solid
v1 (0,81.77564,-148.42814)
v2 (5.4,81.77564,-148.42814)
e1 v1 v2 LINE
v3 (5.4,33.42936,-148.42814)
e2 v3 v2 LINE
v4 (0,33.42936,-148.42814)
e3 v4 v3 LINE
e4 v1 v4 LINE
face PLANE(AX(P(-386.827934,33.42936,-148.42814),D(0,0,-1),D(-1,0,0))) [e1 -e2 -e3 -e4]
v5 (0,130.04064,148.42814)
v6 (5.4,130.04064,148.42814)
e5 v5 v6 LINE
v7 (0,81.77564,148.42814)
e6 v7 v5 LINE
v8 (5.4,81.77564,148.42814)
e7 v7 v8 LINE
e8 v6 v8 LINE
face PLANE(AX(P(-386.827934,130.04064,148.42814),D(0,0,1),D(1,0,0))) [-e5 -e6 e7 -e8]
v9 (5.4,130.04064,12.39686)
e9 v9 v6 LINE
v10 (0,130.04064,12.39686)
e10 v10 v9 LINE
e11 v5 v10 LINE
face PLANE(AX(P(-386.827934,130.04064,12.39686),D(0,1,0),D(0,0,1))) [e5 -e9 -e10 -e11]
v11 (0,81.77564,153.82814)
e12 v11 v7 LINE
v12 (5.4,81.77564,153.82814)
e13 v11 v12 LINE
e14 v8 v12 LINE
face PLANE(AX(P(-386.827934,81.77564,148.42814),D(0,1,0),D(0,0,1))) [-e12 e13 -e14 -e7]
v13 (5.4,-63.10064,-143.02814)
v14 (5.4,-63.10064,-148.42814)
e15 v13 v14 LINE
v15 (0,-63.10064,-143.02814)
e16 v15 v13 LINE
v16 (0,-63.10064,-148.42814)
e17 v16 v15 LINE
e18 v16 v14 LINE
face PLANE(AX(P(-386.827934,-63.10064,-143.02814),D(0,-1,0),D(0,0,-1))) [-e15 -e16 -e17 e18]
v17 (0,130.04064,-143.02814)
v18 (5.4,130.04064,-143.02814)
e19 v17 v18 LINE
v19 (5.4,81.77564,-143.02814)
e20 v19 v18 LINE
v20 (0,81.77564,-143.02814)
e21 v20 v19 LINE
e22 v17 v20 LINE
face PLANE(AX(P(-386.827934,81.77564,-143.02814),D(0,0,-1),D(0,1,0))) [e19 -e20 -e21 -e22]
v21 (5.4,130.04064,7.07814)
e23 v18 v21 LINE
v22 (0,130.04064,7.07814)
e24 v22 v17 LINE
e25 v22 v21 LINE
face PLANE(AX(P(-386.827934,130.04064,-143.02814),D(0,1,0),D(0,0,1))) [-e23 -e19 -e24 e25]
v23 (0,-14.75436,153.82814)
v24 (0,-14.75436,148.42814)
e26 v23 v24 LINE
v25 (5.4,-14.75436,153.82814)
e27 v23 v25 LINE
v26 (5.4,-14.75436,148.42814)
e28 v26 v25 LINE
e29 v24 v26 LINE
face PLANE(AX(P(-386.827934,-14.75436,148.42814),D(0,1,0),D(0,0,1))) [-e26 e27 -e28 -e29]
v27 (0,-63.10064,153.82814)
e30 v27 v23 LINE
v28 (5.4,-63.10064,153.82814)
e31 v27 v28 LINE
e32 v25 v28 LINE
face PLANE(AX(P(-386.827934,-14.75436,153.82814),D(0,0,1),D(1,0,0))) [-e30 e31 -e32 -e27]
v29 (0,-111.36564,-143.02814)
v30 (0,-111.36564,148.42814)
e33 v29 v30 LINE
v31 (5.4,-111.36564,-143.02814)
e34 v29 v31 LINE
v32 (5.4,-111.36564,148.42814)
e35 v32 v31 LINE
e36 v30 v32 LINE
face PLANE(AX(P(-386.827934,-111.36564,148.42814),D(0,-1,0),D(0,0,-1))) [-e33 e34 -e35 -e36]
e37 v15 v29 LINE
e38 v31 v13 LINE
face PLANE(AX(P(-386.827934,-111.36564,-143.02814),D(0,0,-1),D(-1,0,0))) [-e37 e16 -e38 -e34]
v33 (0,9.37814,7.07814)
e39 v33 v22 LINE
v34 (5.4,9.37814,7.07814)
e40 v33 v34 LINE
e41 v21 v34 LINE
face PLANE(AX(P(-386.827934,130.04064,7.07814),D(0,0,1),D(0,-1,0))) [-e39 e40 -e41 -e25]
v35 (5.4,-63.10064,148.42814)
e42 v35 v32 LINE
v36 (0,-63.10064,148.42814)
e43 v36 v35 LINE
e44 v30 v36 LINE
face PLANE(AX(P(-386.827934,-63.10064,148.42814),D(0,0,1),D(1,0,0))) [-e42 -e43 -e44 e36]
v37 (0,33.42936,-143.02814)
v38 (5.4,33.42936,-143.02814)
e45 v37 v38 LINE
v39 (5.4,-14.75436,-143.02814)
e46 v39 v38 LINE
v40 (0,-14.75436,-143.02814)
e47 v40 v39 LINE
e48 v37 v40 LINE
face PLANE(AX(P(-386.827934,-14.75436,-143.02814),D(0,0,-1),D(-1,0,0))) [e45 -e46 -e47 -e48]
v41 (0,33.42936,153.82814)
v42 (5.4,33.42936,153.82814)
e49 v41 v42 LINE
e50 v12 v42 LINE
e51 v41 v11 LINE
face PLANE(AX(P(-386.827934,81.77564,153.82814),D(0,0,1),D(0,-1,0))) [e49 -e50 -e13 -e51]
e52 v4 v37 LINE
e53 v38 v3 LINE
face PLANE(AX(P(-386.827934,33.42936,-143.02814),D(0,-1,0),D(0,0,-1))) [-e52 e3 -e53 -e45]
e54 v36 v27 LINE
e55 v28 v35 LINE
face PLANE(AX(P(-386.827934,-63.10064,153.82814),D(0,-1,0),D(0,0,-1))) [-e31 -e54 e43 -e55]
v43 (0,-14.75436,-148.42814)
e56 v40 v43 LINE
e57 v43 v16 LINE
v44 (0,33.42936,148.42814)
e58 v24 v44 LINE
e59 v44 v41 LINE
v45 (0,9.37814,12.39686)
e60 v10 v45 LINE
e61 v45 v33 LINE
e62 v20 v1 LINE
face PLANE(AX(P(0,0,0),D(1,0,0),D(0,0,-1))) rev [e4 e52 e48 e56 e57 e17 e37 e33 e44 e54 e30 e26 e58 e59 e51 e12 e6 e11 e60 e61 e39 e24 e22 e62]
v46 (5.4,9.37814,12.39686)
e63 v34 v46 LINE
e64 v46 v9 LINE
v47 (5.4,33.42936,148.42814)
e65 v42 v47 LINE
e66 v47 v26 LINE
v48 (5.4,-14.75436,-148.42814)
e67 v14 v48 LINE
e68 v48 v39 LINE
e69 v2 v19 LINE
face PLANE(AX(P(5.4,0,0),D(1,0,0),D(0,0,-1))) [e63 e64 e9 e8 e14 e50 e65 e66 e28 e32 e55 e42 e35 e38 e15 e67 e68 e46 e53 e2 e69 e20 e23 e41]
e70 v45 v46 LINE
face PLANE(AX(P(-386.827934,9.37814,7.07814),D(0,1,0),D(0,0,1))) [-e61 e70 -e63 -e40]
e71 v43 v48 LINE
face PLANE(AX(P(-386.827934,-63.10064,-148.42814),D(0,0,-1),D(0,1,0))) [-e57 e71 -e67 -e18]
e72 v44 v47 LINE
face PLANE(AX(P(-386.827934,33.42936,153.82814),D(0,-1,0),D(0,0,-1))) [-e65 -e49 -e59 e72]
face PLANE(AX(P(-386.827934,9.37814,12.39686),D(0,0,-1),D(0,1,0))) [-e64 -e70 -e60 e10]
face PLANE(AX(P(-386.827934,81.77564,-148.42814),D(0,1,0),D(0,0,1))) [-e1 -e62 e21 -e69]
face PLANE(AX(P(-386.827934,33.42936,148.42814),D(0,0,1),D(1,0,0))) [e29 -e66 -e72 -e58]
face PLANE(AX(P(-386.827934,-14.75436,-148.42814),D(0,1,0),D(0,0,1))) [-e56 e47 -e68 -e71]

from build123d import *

# Parameters (mm, degrees)
BOSS_EXTRUDE2_DEPTH = 5.4
BOSS_EXTRUDE3_DEPTH = 5.4


with BuildPart() as part:
    # Sketch1 → Boss-Extrude2 (new body)
    with BuildSketch(Plane(origin=(0, 0, 0), x_dir=(0, 0, -1), z_dir=(1, 0, 0))):
        Polygon((142.9875, 130), (-7.0375, 130), (-7.0375, 9.3375), (-12.4375, 9.3375), (-12.4375, 130), (-148.3875, 130), (-148.3875, 81.735), (-153.7875, 81.735), (-153.7875, 33.47), (-148.3875, 33.47), (-148.3875, -14.795), (-153.7875, -14.795), (-153.7875, -63.06), (-148.3875, -63.06), (-148.3875, -111.325), (142.9875, -111.325), (142.9875, -63.06), (148.3875, -63.06), (148.3875, -14.795), (142.9875, -14.795), (142.9875, 33.47), (148.3875, 33.47), (148.3875, 81.735), (142.9875, 81.735), align=None)
    extrude(amount=BOSS_EXTRUDE2_DEPTH)

    # Sketch2 → Boss-Extrude3 (add)
    with BuildSketch(Plane(origin=(5.4, 0, 0), x_dir=(0, 0, -1), z_dir=(1, 0, 0))):
        Polygon((-148.42814, -111.36564), (143.02814, -111.36564), (143.02814, -63.10064), (148.42814, -63.10064), (148.42814, -14.75436), (143.02814, -14.75436), (143.02814, 33.42936), (148.42814, 33.42936), (148.42814, 81.77564), (143.02814, 81.77564), (143.02814, 130.04064), (-7.07814, 130.04064), (-7.07814, 9.37814), (-12.39686, 9.37814), (-12.39686, 130.04064), (-148.42814, 130.04064), (-148.42814, 81.77564), (-153.82814, 81.77564), (-153.82814, 33.42936), (-148.42814, 33.42936), (-148.42814, -14.75436), (-153.82814, -14.75436), (-153.82814, -63.10064), (-148.42814, -63.10064), align=None)
    extrude(amount=-BOSS_EXTRUDE3_DEPTH)


solid = part.part
